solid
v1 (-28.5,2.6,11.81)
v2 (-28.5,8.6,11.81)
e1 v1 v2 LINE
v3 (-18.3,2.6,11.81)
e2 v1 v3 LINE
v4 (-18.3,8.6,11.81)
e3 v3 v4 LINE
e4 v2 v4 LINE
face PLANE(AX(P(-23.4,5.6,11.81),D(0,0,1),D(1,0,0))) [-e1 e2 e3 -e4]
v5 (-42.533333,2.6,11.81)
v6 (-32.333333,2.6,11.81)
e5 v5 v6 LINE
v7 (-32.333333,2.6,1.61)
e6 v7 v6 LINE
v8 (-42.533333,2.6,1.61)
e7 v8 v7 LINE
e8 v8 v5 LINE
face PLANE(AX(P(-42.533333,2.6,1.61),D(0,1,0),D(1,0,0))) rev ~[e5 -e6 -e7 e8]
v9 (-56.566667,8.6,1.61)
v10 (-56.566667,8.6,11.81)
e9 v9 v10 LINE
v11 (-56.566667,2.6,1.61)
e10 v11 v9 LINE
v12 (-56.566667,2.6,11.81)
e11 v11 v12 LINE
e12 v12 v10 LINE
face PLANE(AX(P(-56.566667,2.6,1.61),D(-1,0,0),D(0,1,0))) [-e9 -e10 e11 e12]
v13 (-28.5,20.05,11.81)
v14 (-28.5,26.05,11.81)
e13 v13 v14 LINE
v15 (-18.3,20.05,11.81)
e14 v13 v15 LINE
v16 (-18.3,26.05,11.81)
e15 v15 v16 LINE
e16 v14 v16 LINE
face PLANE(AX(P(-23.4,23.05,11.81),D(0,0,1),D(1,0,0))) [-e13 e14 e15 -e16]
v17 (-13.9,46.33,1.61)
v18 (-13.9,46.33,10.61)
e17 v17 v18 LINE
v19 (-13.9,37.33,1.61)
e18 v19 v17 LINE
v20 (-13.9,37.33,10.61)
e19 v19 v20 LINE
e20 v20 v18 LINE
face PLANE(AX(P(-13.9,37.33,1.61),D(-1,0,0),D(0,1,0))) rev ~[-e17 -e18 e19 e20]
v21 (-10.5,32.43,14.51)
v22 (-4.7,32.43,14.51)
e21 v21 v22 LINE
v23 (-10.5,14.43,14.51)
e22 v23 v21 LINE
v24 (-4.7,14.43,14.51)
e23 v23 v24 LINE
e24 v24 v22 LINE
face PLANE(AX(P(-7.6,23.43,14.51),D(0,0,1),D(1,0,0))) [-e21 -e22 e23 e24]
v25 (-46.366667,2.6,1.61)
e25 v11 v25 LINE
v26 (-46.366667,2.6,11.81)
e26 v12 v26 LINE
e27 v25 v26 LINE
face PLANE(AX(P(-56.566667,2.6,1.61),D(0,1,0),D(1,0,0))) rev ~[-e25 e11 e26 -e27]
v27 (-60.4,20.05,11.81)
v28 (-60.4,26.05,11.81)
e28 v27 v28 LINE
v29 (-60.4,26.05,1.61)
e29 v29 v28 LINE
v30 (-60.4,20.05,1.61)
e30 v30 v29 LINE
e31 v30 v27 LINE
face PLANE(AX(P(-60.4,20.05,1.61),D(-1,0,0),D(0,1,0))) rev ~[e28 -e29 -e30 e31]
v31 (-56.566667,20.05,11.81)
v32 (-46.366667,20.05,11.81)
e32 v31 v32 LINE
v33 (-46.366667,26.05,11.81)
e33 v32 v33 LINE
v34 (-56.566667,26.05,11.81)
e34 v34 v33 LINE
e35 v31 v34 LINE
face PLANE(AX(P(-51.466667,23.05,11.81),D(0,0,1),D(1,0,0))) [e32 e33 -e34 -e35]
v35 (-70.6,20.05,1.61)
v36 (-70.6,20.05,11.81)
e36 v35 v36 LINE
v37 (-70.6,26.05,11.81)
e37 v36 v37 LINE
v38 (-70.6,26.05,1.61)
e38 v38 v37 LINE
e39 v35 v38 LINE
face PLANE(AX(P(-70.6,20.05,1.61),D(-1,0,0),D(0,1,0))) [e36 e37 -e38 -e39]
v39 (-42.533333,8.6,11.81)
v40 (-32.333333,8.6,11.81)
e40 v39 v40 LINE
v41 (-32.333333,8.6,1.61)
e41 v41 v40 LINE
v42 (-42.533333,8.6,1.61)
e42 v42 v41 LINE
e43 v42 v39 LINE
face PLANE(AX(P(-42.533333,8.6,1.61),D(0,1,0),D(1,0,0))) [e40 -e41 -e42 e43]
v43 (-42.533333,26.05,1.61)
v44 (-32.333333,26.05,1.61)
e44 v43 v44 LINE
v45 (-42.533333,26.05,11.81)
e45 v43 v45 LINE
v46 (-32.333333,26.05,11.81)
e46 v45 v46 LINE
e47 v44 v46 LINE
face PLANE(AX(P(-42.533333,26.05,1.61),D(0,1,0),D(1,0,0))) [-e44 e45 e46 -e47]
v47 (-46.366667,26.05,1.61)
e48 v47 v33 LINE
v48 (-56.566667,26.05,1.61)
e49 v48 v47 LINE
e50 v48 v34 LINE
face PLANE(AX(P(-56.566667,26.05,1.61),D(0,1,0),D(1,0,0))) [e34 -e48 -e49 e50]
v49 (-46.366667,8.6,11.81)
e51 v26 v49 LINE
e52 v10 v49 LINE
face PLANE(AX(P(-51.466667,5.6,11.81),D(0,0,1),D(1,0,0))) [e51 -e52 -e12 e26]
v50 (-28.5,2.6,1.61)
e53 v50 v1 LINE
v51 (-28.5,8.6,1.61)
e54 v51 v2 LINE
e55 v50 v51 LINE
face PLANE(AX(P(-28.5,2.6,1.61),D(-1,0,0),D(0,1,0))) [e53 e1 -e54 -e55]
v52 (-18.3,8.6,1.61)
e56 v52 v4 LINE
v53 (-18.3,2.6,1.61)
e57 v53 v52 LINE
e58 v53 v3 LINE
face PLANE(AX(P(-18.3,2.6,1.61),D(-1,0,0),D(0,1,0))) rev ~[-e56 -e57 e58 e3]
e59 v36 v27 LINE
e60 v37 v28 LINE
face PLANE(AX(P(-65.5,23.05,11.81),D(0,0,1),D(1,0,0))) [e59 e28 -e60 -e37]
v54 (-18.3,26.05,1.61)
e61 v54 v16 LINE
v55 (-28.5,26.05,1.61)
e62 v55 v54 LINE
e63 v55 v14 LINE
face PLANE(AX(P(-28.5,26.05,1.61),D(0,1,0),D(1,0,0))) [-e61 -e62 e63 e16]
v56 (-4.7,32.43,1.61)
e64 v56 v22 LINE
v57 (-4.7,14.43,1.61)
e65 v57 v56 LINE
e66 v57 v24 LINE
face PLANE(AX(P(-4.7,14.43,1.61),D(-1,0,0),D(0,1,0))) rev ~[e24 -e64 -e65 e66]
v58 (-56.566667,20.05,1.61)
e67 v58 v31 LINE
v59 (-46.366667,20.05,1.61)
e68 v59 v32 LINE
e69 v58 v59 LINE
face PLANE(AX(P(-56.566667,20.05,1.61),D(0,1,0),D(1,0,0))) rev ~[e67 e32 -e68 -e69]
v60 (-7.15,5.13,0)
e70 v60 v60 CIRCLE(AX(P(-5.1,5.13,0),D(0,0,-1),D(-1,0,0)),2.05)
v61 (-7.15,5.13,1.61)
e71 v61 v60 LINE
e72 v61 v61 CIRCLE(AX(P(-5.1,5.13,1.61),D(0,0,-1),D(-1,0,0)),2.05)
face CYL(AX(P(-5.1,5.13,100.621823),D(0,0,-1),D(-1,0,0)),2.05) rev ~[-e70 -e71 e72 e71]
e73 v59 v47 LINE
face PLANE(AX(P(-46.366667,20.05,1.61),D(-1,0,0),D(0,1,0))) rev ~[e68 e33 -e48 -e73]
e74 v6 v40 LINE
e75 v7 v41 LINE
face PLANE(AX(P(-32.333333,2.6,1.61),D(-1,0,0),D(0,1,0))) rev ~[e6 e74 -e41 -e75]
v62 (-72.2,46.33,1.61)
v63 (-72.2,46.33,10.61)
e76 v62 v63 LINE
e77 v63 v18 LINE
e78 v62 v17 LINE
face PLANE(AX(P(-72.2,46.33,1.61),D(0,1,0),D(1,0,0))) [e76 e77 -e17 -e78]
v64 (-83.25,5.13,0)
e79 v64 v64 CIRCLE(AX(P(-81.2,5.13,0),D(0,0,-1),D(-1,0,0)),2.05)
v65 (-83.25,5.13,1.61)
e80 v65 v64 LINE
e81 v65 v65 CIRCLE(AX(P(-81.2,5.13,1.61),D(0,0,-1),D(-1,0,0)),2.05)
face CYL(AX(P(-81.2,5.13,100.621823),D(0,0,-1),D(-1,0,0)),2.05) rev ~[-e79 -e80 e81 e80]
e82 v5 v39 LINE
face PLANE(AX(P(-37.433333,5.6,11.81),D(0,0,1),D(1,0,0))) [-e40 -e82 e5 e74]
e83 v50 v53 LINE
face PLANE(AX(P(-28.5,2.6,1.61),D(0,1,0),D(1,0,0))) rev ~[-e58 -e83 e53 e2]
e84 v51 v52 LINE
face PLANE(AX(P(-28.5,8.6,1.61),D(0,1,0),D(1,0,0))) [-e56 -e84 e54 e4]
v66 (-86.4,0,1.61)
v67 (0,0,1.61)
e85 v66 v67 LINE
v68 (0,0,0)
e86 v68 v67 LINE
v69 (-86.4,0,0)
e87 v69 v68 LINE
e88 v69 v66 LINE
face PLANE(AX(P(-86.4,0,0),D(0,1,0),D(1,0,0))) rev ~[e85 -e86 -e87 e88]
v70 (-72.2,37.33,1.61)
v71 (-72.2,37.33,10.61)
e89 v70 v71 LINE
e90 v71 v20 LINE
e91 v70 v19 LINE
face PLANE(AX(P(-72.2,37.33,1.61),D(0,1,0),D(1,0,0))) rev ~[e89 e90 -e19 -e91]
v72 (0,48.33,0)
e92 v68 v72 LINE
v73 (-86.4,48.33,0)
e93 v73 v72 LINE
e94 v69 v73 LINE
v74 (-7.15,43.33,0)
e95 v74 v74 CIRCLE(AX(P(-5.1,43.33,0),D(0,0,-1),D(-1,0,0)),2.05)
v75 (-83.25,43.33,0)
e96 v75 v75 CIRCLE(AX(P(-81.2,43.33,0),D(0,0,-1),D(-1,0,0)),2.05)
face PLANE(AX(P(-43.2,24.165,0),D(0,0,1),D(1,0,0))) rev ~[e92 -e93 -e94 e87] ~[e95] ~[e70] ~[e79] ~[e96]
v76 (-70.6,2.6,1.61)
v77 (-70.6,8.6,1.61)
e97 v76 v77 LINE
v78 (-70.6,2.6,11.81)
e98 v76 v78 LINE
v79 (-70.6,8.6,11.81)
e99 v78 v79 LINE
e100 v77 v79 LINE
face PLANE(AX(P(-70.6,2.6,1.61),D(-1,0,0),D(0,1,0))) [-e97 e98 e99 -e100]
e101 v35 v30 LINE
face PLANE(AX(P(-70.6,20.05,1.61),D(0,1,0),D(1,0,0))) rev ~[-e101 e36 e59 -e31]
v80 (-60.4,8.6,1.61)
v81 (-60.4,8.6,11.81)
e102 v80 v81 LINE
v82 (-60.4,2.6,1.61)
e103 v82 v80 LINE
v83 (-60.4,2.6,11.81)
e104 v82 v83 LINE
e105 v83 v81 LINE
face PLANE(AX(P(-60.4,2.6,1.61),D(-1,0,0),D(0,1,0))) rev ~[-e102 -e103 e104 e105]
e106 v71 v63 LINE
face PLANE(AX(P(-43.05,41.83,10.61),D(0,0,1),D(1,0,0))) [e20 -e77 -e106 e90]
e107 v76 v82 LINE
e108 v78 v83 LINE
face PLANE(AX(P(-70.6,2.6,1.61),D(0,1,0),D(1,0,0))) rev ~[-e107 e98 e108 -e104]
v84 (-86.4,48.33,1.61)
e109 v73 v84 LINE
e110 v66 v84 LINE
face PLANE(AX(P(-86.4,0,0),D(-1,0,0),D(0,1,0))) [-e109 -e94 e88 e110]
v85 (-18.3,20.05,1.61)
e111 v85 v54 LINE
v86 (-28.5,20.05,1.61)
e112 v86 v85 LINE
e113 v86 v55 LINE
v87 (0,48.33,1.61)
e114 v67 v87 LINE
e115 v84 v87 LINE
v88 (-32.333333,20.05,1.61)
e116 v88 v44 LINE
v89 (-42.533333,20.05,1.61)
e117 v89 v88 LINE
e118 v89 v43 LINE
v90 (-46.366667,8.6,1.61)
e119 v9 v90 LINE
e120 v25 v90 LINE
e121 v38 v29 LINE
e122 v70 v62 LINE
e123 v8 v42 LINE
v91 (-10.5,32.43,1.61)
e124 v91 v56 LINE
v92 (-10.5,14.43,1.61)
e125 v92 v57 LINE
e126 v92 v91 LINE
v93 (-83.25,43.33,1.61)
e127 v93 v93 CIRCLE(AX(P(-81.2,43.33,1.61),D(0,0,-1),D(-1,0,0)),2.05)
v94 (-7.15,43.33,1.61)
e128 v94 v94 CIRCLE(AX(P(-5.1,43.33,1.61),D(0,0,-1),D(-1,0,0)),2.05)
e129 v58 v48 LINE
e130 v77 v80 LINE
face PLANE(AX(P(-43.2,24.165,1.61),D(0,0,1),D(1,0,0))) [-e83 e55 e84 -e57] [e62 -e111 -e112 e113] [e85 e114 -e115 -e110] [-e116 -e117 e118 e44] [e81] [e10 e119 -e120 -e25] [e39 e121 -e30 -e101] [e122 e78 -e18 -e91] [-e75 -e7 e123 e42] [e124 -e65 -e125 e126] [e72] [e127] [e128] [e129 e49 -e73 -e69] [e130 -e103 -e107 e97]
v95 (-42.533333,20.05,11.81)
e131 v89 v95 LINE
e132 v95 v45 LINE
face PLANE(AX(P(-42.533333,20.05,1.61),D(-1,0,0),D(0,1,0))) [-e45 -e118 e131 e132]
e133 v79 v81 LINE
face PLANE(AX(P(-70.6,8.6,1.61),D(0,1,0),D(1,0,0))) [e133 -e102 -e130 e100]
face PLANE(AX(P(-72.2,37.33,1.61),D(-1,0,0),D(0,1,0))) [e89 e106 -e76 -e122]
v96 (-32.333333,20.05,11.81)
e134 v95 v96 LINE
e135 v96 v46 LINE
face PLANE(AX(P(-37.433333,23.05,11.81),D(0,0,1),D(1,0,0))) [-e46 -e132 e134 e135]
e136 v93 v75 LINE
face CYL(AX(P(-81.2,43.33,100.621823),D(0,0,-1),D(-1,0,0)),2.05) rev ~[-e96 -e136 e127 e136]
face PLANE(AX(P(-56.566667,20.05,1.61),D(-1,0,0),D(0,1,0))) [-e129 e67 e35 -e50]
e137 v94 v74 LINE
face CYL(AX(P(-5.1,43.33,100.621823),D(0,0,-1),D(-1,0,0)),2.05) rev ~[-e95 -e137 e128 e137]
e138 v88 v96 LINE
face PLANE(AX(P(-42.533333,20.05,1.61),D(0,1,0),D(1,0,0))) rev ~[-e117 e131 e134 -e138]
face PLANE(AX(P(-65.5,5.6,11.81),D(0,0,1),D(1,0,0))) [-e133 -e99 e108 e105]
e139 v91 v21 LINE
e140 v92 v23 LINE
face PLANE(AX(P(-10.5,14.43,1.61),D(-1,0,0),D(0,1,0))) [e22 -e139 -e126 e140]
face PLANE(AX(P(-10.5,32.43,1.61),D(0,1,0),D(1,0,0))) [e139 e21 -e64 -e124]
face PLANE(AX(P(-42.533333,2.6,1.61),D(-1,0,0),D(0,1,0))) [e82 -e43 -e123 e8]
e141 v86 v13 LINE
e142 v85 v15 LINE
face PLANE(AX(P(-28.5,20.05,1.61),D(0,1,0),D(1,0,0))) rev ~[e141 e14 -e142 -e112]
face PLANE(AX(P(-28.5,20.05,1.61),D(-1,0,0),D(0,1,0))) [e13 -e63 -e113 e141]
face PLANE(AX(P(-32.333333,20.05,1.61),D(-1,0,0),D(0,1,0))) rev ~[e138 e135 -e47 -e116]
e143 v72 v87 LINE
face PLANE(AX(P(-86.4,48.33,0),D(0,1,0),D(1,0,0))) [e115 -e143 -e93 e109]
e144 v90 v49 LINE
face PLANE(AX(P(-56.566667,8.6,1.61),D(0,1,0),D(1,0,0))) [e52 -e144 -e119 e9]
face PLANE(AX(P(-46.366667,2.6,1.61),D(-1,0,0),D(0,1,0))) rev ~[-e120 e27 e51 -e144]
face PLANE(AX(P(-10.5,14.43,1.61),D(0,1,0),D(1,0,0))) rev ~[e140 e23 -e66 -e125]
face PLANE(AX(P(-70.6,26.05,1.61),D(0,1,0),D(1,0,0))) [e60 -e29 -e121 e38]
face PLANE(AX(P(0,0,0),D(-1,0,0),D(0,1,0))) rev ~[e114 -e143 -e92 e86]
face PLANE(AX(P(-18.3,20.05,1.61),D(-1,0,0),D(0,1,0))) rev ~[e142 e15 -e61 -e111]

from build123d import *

# Parameters (mm, degrees)
F0_W     = 86.4
F0_H     = 48.33
F1_DEPTH = 1.61
F3_D     = 4.1
F4_W     = 58.3
F4_H     = 9
F5_DEPTH = 9
F6_W     = 5.8
F6_H     = 18
F7_DEPTH = 12.9
F8_W     = 10.2
F8_H     = 6
F9_DEPTH = 10.2


with BuildPart() as f1:
    # F0 (on Top) → F1 (new body)
    with BuildSketch(Plane.XY):
        with Locations((-43.2, 24.165)):
            Rectangle(F0_W, F0_H)
    extrude(amount=F1_DEPTH)

    # F3 (through all)
    with Locations(Plane.XY.offset(1.61)):
        with Locations((-81.2, 43.33), (-5.1, 43.33), (-5.1, 5.13), (-81.2, 5.13)):
            Hole(F3_D / 2)

    # F4 (on face) → F5 (join)
    with BuildSketch(Plane.XY.offset(1.61)):
        with Locations((-43.05, 41.83)):
            Rectangle(F4_W, F4_H)
    extrude(amount=F5_DEPTH)

    # F6 (on face) → F7 (join)
    with BuildSketch(Plane.XY.offset(1.61)):
        with Locations((-7.6, 23.43)):
            Rectangle(F6_W, F6_H)
    extrude(amount=F7_DEPTH)

    # F8 (on face) → F9 (join)
    with BuildSketch(Plane.XY.offset(1.61)):
        with Locations((-23.4, 5.6)):
            Rectangle(F8_W, F8_H)
        with Locations((-23.4, 23.05)):
            Rectangle(F8_W, F8_H)
        with Locations((-37.433333, 5.6)):
            Rectangle(F8_W, F8_H)
        with Locations((-37.433333, 23.05)):
            Rectangle(F8_W, F8_H)
        with Locations((-51.466667, 5.6)):
            Rectangle(F8_W, F8_H)
        with Locations((-51.466667, 23.05)):
            Rectangle(F8_W, F8_H)
        with Locations((-65.5, 5.6)):
            Rectangle(F8_W, F8_H)
        with Locations((-65.5, 23.05)):
            Rectangle(F8_W, F8_H)
    extrude(amount=F9_DEPTH)


solid = f1.part
